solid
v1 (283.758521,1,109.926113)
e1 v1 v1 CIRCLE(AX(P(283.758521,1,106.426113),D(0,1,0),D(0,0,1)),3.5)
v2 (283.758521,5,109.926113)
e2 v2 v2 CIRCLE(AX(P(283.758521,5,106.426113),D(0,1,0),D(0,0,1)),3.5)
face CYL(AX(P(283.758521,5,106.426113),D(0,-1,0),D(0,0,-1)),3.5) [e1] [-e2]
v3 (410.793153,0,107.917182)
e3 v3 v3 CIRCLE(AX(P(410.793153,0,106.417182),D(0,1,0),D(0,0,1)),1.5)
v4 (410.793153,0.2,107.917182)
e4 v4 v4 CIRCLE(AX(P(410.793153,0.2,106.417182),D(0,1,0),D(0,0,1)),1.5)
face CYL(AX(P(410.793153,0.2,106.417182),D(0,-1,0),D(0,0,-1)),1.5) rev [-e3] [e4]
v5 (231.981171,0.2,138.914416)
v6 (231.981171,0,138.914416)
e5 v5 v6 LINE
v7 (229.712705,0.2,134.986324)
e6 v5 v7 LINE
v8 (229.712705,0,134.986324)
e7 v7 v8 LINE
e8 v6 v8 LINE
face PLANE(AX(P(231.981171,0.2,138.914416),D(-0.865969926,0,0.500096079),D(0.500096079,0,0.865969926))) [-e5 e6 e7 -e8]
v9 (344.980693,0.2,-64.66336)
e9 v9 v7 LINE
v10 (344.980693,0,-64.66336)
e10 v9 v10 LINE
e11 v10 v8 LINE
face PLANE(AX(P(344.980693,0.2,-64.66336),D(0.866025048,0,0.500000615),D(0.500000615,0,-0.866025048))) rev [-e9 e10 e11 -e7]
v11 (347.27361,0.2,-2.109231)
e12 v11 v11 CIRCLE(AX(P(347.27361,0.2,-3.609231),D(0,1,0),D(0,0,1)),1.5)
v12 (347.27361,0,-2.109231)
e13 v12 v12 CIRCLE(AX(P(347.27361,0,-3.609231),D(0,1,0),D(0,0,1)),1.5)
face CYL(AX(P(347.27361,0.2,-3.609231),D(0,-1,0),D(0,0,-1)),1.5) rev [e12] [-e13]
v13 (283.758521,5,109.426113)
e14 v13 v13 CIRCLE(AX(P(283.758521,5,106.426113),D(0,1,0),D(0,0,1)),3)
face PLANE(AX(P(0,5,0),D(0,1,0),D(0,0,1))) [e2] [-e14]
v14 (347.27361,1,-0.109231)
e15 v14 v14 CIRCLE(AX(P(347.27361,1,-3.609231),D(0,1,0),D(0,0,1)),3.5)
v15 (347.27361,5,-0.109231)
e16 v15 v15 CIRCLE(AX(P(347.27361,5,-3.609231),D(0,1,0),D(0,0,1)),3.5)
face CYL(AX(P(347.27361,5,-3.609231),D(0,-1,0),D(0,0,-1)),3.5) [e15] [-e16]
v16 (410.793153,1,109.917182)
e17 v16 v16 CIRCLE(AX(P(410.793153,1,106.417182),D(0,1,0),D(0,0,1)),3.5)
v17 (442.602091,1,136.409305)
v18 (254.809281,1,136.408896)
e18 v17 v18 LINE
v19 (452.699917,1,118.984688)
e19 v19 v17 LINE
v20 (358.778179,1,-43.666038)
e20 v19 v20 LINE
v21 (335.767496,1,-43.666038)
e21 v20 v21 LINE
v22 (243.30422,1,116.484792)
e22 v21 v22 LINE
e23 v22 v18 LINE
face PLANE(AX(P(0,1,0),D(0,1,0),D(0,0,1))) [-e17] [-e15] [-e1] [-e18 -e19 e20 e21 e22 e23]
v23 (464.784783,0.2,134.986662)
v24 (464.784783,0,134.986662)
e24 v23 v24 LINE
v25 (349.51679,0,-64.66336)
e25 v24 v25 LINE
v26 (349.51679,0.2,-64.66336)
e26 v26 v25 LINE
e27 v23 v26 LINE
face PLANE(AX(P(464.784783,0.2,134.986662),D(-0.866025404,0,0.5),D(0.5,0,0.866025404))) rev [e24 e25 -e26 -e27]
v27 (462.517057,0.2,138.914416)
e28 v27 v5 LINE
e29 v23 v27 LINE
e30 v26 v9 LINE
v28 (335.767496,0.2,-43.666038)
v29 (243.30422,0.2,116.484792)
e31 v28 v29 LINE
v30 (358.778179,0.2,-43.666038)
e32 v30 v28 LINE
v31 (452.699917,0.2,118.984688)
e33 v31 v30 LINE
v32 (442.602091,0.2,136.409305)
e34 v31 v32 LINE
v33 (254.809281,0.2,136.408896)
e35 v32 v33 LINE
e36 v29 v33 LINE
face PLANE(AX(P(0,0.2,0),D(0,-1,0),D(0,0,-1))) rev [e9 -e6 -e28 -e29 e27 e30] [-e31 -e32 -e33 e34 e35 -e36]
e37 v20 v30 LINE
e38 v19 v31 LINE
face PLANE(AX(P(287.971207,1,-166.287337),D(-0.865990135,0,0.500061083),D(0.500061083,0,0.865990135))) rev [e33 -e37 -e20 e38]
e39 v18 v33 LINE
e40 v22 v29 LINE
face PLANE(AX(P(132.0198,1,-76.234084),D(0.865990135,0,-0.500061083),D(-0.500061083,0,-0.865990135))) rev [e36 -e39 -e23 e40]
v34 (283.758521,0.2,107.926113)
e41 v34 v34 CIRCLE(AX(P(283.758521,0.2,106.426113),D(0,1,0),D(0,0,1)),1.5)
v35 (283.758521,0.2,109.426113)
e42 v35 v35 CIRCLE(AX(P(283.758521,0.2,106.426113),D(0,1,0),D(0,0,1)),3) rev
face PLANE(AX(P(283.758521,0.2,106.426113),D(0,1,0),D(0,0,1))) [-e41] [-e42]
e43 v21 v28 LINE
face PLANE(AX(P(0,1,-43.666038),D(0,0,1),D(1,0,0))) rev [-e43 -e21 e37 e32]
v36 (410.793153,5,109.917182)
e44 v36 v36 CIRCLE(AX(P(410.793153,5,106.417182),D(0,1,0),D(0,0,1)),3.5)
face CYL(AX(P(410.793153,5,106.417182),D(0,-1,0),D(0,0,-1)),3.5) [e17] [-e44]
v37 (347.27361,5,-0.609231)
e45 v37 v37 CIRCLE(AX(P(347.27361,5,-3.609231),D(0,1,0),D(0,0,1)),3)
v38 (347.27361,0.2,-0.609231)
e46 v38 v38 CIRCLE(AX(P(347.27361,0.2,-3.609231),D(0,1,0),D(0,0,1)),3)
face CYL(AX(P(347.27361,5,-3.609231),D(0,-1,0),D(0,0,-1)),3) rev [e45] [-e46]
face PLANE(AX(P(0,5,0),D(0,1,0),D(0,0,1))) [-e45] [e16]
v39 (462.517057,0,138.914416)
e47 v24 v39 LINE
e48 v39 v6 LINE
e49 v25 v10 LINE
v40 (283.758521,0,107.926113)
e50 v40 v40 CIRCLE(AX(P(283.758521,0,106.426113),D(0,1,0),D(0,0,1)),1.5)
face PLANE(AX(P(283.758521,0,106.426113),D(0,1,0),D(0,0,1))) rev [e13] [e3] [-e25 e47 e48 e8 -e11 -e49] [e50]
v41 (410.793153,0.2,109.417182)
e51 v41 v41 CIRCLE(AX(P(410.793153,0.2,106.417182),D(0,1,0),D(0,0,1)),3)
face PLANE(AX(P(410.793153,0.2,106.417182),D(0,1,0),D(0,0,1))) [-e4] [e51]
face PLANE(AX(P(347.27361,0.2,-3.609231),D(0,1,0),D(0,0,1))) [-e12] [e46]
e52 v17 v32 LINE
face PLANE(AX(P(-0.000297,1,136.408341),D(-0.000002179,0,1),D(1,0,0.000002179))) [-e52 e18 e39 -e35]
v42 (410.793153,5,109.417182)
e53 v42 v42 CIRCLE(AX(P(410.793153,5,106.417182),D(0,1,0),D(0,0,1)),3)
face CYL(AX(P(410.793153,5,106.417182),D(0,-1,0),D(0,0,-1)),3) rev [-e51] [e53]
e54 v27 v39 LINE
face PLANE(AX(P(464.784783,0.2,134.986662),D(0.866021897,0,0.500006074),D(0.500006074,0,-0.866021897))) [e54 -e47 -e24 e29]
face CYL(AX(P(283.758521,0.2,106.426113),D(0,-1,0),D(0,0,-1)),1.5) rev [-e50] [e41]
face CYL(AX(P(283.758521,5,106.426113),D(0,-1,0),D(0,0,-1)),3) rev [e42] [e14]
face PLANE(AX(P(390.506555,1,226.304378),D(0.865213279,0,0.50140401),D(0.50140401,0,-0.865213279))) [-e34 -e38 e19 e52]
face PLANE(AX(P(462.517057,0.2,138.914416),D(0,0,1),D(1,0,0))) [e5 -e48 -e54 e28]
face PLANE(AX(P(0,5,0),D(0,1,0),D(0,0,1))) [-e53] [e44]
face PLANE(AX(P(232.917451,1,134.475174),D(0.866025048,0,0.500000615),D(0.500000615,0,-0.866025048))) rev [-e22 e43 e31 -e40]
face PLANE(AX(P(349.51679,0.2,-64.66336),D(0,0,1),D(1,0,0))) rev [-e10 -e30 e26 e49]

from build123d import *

# Parameters (mm, degrees)
SKETCH1_R             = 3
SKETCH1_R_2           = 1.5
BOSS_EXTRUDE1_DEPTH   = 0.2
BOSS_EXTRUDE1_2_DEPTH = 0.2
BOSS_EXTRUDE1_3_DEPTH = 0.2
BOSS_EXTRUDE1_4_DEPTH = 0.2
SKETCH1_14_R          = 3.5
BOSS_EXTRUDE2_DEPTH   = 1
SKETCH1_17_R          = 3.5
SKETCH1_17_R_2        = 3
BOSS_EXTRUDE4_DEPTH   = 5


with BuildPart() as part:
    # Sketch1 → Boss-Extrude1 (new body)
    with BuildSketch(Plane(origin=(0, 0, 0), x_dir=(1, 0, 0), z_dir=(0, 1, 0))):
        with Locations((347.273609729, 3.609230825)):
            Circle(SKETCH1_R)
        with Locations((347.273609729, 3.609230825)):
            Circle(SKETCH1_R_2, mode=Mode.SUBTRACT)
    extrude(amount=BOSS_EXTRUDE1_DEPTH)



with BuildPart() as body_2:
    # Sketch1 → Boss-Extrude1 2 (new body)
    with BuildSketch(Plane(origin=(0, 0, 0), x_dir=(1, 0, 0), z_dir=(0, 1, 0))):
        with Locations((410.793152563, -106.417182487)):
            Circle(SKETCH1_R)
        with Locations((410.793152563, -106.417182487)):
            Circle(SKETCH1_R_2, mode=Mode.SUBTRACT)
    extrude(amount=BOSS_EXTRUDE1_2_DEPTH)


with BuildPart() as body_3:
    # Sketch1 → Boss-Extrude1 3 (new body)
    with BuildSketch(Plane(origin=(0, 0, 0), x_dir=(1, 0, 0), z_dir=(0, 1, 0))):
        with Locations((283.758521159, -106.426112565)):
            Circle(SKETCH1_R)
        with Locations((283.758521159, -106.426112565)):
            Circle(SKETCH1_R_2, mode=Mode.SUBTRACT)
    extrude(amount=BOSS_EXTRUDE1_3_DEPTH)


with BuildPart() as body_4:
    # Sketch1 → Boss-Extrude1 4 (new body)
    with BuildSketch(Plane(origin=(0, 0, 0), x_dir=(1, 0, 0), z_dir=(0, 1, 0))):
        Polygon((231.981171214, -138.914415757), (229.712705007, -134.986323544), (344.980692969, 64.663360453), (349.516789508, 64.663360453), (464.784783451, -134.986661544), (462.517056767, -138.914415757), align=None)
        Polygon((243.304219773, -116.484791866), (254.809280576, -136.408896139), (442.602090749, -136.409305398), (452.699916625, -118.984688015), (358.778179035, 43.666038066), (335.767496284, 43.666038066), align=None, mode=Mode.SUBTRACT)
    extrude(amount=BOSS_EXTRUDE1_4_DEPTH)

    # Sketch1<14> → Boss-Extrude2 (add)
    with BuildSketch(Plane(origin=(0, 0, 0), x_dir=(1, 0, 0), z_dir=(0, 1, 0))):
        Polygon((335.767496284, 43.666038066), (243.304219773, -116.484791866), (254.809280576, -136.408896139), (442.602090749, -136.409305398), (452.699916625, -118.984688015), (358.778179035, 43.666038066), align=None)
        with Locations((283.758521159, -106.426112565)):
            Circle(SKETCH1_14_R, mode=Mode.SUBTRACT)
        with Locations((410.793152563, -106.417182487)):
            Circle(SKETCH1_14_R, mode=Mode.SUBTRACT)
        with Locations((347.273609729, 3.609230825)):
            Circle(SKETCH1_14_R, mode=Mode.SUBTRACT)
    extrude(amount=BOSS_EXTRUDE2_DEPTH)


with BuildPart() as part_1:
    add(part.part)

    add(body_2.part)  # Boss-Extrude4 merges body 2

    add(body_3.part)  # Boss-Extrude4 merges body 3

    add(body_4.part)  # Boss-Extrude4 merges body 4
    # Sketch1<17> → Boss-Extrude4 (add)
    # profile 1 of 3: a face of its own
    with BuildSketch(Plane(origin=(0, 0, 0), x_dir=(1, 0, 0), z_dir=(0, 1, 0))):
        with Locations((347.273609729, 3.609230825)):
            Circle(SKETCH1_17_R)
        with Locations((347.273609729, 3.609230825)):
            Circle(SKETCH1_17_R_2, mode=Mode.SUBTRACT)
    # profile 2 of 3: a face of its own
    with BuildSketch(Plane(origin=(0, 0, 0), x_dir=(1, 0, 0), z_dir=(0, 1, 0))):
        with Locations((410.793152563, -106.417182487)):
            Circle(SKETCH1_17_R)
        with Locations((410.793152563, -106.417182487)):
            Circle(SKETCH1_17_R_2, mode=Mode.SUBTRACT)
    # profile 3 of 3: a face of its own
    with BuildSketch(Plane(origin=(0, 0, 0), x_dir=(1, 0, 0), z_dir=(0, 1, 0))):
        with Locations((283.758521159, -106.426112565)):
            Circle(SKETCH1_17_R)
        with Locations((283.758521159, -106.426112565)):
            Circle(SKETCH1_17_R_2, mode=Mode.SUBTRACT)
    extrude(amount=BOSS_EXTRUDE4_DEPTH)


solid = part_1.part
